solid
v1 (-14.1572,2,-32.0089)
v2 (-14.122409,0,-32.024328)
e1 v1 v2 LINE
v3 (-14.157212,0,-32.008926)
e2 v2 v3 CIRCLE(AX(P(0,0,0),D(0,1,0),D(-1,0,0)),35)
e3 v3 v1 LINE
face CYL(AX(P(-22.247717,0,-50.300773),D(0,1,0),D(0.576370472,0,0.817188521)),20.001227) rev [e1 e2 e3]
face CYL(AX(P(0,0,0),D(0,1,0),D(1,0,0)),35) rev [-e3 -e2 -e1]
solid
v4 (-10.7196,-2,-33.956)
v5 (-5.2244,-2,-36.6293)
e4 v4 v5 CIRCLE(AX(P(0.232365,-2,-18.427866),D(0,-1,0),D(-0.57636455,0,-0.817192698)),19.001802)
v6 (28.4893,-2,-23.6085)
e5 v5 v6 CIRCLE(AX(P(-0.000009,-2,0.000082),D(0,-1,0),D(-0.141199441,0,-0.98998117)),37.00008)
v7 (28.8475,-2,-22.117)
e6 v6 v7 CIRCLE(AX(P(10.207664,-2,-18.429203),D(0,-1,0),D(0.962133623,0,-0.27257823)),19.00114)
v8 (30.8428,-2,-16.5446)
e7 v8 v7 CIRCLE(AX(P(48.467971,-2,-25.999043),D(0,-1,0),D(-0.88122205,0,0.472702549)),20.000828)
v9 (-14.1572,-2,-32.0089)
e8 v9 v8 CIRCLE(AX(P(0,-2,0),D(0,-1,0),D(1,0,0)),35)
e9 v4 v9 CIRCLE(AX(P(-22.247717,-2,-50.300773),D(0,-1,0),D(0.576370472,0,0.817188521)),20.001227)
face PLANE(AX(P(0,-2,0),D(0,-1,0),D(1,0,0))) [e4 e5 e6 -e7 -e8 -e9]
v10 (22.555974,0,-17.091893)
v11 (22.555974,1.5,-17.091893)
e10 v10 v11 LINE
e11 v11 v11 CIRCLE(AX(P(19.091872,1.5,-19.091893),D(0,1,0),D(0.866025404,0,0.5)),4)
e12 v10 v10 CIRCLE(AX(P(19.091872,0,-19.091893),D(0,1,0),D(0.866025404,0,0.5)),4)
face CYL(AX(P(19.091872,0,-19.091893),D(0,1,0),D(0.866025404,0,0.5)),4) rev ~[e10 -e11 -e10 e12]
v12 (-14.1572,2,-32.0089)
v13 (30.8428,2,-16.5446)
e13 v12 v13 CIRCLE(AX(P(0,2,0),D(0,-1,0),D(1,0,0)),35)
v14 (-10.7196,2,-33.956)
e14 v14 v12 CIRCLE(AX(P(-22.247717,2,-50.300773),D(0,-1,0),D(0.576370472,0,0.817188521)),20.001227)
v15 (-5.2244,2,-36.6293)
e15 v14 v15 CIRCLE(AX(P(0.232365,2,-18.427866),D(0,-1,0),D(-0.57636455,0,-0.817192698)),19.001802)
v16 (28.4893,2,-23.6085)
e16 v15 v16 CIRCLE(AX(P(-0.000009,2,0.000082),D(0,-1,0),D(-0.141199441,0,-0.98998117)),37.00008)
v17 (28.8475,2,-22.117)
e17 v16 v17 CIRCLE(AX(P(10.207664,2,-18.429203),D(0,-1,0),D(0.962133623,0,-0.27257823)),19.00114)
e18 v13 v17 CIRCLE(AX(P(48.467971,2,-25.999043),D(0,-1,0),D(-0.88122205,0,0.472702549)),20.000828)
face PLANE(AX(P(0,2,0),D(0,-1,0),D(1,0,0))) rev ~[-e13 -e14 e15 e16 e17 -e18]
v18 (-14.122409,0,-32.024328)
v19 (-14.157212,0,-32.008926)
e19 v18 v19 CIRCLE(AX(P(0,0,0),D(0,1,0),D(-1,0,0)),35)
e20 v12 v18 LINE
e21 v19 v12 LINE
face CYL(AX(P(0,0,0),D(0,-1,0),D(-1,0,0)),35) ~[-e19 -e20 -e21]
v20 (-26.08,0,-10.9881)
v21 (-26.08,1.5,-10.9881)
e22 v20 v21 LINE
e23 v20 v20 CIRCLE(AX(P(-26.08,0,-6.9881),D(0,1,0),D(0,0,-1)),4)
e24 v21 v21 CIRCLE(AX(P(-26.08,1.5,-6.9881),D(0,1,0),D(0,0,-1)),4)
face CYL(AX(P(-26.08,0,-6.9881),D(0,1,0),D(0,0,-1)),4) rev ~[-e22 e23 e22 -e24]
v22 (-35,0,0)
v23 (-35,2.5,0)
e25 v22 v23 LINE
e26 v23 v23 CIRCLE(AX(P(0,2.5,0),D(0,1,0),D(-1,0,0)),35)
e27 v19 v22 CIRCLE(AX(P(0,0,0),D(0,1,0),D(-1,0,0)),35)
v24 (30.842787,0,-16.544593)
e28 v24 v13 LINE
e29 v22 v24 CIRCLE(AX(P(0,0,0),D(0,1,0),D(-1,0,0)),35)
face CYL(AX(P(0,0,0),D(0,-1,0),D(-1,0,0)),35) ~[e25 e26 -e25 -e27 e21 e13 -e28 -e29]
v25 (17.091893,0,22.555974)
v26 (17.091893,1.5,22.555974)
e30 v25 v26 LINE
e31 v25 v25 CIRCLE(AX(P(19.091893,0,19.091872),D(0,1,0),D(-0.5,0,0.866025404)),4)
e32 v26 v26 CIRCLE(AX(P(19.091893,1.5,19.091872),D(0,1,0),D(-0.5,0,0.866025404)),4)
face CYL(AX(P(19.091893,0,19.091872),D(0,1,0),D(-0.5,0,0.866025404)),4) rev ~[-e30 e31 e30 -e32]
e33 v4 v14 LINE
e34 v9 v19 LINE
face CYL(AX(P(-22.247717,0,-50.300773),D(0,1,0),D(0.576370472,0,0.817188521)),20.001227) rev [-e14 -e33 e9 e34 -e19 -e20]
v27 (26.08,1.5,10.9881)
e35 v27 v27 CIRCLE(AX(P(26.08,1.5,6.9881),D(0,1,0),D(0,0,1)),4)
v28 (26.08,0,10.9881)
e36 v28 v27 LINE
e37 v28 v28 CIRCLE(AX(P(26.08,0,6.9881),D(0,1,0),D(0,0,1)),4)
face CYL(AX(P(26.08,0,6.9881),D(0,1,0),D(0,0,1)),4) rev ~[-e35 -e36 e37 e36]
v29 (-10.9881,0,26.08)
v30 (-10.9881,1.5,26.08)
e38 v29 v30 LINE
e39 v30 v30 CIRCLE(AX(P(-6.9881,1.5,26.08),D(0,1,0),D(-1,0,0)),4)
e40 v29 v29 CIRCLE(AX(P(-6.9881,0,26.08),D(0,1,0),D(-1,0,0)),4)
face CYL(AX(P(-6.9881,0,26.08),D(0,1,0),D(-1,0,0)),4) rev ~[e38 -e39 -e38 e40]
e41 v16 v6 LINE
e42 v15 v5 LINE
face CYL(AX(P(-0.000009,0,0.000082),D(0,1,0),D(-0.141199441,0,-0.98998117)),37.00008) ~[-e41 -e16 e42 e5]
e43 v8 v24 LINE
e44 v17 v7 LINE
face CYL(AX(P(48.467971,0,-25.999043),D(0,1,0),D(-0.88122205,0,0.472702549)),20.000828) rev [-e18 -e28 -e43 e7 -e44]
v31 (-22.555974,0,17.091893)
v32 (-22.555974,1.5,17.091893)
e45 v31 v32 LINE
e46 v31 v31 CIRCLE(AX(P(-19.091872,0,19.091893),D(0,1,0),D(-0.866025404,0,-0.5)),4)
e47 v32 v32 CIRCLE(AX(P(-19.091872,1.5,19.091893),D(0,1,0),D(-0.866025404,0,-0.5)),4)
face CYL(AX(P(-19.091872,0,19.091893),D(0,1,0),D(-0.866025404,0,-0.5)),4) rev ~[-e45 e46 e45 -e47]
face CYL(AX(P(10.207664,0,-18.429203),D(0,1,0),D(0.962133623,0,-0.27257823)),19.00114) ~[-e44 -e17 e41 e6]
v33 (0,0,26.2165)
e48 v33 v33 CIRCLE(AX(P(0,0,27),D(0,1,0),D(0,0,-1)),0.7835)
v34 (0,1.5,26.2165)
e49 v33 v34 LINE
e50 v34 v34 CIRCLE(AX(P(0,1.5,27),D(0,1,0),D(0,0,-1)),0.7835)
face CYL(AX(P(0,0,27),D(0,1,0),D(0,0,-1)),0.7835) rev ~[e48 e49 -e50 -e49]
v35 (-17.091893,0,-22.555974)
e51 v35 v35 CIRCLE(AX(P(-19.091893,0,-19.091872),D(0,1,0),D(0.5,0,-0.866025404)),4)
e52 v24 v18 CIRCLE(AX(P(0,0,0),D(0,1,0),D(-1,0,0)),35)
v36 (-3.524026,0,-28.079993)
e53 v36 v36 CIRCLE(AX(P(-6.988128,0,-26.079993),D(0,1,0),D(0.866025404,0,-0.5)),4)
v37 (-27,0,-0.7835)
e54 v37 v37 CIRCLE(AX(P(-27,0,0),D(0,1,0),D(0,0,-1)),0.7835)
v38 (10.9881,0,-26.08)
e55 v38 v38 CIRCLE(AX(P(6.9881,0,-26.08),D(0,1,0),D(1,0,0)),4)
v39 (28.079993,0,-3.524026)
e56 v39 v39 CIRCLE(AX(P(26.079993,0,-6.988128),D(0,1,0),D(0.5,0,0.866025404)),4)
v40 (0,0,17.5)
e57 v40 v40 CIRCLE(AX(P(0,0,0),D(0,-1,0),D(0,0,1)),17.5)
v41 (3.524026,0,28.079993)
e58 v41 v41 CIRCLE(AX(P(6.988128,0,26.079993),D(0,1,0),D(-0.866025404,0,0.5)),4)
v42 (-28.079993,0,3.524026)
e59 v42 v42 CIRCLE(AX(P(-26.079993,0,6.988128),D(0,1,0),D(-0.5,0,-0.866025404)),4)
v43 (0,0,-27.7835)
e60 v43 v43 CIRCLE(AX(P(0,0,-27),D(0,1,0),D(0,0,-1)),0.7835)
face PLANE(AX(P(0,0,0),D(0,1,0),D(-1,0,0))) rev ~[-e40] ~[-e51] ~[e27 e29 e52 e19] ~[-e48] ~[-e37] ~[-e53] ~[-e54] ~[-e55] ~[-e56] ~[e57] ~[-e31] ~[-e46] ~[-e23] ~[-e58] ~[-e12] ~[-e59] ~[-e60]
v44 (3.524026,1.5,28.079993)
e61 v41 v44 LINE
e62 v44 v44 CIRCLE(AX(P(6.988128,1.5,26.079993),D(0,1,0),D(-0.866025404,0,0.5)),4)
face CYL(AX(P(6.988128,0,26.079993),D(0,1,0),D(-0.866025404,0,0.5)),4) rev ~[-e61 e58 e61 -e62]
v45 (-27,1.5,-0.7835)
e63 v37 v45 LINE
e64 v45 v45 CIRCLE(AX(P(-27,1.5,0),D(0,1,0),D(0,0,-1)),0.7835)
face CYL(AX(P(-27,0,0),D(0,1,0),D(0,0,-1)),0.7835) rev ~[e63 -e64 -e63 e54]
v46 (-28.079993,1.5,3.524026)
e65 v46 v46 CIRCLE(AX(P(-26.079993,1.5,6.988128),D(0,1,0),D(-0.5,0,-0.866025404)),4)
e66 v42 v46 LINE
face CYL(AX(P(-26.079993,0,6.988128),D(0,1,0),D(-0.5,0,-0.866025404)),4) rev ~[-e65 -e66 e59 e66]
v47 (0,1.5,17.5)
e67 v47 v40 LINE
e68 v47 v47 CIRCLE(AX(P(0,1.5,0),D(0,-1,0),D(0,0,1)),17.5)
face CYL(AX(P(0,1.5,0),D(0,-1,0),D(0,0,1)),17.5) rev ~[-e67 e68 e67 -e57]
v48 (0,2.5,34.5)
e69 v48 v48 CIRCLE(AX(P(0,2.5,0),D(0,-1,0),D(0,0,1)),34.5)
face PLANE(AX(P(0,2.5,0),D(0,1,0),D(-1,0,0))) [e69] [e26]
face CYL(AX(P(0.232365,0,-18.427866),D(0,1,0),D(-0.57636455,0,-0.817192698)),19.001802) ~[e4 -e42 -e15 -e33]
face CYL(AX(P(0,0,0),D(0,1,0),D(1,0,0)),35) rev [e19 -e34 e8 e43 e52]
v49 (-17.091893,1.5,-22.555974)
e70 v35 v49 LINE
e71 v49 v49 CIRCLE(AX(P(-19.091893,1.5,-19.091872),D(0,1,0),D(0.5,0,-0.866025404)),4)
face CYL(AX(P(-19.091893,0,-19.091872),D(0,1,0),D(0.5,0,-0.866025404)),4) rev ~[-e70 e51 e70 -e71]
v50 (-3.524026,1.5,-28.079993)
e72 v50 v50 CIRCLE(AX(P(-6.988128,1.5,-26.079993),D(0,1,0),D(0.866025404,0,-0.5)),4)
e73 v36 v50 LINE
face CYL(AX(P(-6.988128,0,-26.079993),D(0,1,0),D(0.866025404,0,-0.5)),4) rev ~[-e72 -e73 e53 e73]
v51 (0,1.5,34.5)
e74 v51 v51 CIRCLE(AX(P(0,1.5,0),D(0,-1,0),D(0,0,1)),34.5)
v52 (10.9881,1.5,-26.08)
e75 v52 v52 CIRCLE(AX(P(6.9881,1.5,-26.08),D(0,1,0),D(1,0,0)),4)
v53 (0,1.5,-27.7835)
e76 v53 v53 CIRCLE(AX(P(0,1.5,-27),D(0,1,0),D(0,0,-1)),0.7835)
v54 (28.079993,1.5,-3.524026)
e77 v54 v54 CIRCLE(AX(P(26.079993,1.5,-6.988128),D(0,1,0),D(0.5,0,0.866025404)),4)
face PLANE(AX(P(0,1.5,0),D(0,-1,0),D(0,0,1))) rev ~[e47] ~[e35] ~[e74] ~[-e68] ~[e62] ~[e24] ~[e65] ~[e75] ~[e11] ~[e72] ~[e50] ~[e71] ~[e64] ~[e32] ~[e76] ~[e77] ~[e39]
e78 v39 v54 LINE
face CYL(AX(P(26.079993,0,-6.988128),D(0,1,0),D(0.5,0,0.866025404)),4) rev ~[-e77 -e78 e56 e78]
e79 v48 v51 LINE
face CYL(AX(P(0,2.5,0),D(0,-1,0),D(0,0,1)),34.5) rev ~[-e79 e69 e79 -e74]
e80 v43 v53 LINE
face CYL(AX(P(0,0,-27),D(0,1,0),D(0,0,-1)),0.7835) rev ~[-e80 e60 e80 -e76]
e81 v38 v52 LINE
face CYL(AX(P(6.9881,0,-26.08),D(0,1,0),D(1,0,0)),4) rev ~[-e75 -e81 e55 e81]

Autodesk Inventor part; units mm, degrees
ref_plane "YZ Plane" through (0, 0, 0) normal (1, 0, 0) x (0, 1, 0)
ref_plane "XZ Plane" through (0, 0, 0) normal (0, 1, 0) x (-1, 0, 0)
ref_plane "XY Plane" through (0, 0, 0) normal (0, 0, 1) x (1, 0, 0)
sketch "Skizze1" plane through (0, 0, 0) normal (0, 1, 0) x (-1, 0, 0)
  circle A0 centre (0, 0) radius 35
  dimension "d7" = 70
extrude "Extrusion1" add sketch "Skizze1" along normal blind 2.5
sketch "Skizze3" plane through (0, 2.5, 0) normal (0, 1, 0) x (1, 0, 0)
  circle A0 centre (0, 0) radius 35 projected
hole "Bohrung1" at (0, 2.5, 0) direction (0, -1, 0) diameter 35 depth 2.5 counterbore diameter 69 counterbore depth 1
sketch "Skizze4" plane through (0, 0, 0) normal (0, -1, 0) x (1, 0, 0)
  circle A0 centre (0, 0) radius 27 construction
  line L0 (0, 0) -> (-42.7199, -11.4468) construction
  line L1 (0, 0) -> (-46.622, 0) construction
  line L2 (0, 0) -> (-37.3681, 21.5745) construction
  point P0 (-26.08, -6.9881)
  dimension "d25" = 54
  dimension "d26" = 15
  dimension "d27" = 30
  dimension "d28" = 45
hole "Bohrung2" at (-26.08, 0, -6.9881) direction (0, 1, 0) diameter 8 end through all
pattern_circular "Runde Anordnung1" count 12 over 360 about axis through (0, -96.5265, 0) along (0, 1, 0) of "Bohrung2"
sketch "Skizze5" plane through (0, 0, 0) normal (0, -1, 0) x (1, 0, 0)
  circle A0 centre (0, 0) radius 27 construction
  line L0 (0, 0) -> (-37.3681, 21.5745) construction
  line L1 (0, 0) -> (-46.622, 0) construction
  circle A1 centre (0, 0) radius 35 projected
  line L2 (0, 0) -> (-42.7199, -11.4468) construction
  point P0 (0, -27)
  point P1 (0, 27)
  point P2 (-27, 0)
hole "Bohrung3" at (0, 0, -27) at (-27, 0, 0) at (0, 0, 27) direction (0, 1, 0) diameter 1.567 depth 1.5 thread size "M2x0.4" class "6H" standard "ISO Metric profile"
sketch "Skizze6" plane through (0, 0, 0) normal (0, -1, 0) x (1, 0, 0)
  arc A0 (-5.2244, -36.6293) -> (28.4893, -23.6085) centre (0, 0) ccw
  circle A1 centre (0, 0) radius 35 projected
  arc A2 (-10.7196, -33.956) -> (-14.1572, -32.0089) centre (-22.2471, -50.2998) ccw
  arc A3 (-10.7196, -33.956) -> (-5.2244, -36.6293) centre (0.2314, -18.4295) ccw
  arc A4 (28.4893, -23.6085) -> (28.8475, -22.117) centre (10.2088, -18.4295) ccw
  arc A5 (30.8428, -16.5446) -> (28.8475, -22.117) centre (48.4672, -25.9987) ccw
  dimension "d39" = 74
  dimension "d56" = 20
  dimension "d57" = 19
  dimension "d58" = 19
  dimension "d59" = 20
  dimension "d60" = 45
extrude "Extrusion2" add sketch "Skizze6" along normal mid plane 4 contours A3 A2 A1 A5 A4 A0
properties part number "nockenscheibe2"
